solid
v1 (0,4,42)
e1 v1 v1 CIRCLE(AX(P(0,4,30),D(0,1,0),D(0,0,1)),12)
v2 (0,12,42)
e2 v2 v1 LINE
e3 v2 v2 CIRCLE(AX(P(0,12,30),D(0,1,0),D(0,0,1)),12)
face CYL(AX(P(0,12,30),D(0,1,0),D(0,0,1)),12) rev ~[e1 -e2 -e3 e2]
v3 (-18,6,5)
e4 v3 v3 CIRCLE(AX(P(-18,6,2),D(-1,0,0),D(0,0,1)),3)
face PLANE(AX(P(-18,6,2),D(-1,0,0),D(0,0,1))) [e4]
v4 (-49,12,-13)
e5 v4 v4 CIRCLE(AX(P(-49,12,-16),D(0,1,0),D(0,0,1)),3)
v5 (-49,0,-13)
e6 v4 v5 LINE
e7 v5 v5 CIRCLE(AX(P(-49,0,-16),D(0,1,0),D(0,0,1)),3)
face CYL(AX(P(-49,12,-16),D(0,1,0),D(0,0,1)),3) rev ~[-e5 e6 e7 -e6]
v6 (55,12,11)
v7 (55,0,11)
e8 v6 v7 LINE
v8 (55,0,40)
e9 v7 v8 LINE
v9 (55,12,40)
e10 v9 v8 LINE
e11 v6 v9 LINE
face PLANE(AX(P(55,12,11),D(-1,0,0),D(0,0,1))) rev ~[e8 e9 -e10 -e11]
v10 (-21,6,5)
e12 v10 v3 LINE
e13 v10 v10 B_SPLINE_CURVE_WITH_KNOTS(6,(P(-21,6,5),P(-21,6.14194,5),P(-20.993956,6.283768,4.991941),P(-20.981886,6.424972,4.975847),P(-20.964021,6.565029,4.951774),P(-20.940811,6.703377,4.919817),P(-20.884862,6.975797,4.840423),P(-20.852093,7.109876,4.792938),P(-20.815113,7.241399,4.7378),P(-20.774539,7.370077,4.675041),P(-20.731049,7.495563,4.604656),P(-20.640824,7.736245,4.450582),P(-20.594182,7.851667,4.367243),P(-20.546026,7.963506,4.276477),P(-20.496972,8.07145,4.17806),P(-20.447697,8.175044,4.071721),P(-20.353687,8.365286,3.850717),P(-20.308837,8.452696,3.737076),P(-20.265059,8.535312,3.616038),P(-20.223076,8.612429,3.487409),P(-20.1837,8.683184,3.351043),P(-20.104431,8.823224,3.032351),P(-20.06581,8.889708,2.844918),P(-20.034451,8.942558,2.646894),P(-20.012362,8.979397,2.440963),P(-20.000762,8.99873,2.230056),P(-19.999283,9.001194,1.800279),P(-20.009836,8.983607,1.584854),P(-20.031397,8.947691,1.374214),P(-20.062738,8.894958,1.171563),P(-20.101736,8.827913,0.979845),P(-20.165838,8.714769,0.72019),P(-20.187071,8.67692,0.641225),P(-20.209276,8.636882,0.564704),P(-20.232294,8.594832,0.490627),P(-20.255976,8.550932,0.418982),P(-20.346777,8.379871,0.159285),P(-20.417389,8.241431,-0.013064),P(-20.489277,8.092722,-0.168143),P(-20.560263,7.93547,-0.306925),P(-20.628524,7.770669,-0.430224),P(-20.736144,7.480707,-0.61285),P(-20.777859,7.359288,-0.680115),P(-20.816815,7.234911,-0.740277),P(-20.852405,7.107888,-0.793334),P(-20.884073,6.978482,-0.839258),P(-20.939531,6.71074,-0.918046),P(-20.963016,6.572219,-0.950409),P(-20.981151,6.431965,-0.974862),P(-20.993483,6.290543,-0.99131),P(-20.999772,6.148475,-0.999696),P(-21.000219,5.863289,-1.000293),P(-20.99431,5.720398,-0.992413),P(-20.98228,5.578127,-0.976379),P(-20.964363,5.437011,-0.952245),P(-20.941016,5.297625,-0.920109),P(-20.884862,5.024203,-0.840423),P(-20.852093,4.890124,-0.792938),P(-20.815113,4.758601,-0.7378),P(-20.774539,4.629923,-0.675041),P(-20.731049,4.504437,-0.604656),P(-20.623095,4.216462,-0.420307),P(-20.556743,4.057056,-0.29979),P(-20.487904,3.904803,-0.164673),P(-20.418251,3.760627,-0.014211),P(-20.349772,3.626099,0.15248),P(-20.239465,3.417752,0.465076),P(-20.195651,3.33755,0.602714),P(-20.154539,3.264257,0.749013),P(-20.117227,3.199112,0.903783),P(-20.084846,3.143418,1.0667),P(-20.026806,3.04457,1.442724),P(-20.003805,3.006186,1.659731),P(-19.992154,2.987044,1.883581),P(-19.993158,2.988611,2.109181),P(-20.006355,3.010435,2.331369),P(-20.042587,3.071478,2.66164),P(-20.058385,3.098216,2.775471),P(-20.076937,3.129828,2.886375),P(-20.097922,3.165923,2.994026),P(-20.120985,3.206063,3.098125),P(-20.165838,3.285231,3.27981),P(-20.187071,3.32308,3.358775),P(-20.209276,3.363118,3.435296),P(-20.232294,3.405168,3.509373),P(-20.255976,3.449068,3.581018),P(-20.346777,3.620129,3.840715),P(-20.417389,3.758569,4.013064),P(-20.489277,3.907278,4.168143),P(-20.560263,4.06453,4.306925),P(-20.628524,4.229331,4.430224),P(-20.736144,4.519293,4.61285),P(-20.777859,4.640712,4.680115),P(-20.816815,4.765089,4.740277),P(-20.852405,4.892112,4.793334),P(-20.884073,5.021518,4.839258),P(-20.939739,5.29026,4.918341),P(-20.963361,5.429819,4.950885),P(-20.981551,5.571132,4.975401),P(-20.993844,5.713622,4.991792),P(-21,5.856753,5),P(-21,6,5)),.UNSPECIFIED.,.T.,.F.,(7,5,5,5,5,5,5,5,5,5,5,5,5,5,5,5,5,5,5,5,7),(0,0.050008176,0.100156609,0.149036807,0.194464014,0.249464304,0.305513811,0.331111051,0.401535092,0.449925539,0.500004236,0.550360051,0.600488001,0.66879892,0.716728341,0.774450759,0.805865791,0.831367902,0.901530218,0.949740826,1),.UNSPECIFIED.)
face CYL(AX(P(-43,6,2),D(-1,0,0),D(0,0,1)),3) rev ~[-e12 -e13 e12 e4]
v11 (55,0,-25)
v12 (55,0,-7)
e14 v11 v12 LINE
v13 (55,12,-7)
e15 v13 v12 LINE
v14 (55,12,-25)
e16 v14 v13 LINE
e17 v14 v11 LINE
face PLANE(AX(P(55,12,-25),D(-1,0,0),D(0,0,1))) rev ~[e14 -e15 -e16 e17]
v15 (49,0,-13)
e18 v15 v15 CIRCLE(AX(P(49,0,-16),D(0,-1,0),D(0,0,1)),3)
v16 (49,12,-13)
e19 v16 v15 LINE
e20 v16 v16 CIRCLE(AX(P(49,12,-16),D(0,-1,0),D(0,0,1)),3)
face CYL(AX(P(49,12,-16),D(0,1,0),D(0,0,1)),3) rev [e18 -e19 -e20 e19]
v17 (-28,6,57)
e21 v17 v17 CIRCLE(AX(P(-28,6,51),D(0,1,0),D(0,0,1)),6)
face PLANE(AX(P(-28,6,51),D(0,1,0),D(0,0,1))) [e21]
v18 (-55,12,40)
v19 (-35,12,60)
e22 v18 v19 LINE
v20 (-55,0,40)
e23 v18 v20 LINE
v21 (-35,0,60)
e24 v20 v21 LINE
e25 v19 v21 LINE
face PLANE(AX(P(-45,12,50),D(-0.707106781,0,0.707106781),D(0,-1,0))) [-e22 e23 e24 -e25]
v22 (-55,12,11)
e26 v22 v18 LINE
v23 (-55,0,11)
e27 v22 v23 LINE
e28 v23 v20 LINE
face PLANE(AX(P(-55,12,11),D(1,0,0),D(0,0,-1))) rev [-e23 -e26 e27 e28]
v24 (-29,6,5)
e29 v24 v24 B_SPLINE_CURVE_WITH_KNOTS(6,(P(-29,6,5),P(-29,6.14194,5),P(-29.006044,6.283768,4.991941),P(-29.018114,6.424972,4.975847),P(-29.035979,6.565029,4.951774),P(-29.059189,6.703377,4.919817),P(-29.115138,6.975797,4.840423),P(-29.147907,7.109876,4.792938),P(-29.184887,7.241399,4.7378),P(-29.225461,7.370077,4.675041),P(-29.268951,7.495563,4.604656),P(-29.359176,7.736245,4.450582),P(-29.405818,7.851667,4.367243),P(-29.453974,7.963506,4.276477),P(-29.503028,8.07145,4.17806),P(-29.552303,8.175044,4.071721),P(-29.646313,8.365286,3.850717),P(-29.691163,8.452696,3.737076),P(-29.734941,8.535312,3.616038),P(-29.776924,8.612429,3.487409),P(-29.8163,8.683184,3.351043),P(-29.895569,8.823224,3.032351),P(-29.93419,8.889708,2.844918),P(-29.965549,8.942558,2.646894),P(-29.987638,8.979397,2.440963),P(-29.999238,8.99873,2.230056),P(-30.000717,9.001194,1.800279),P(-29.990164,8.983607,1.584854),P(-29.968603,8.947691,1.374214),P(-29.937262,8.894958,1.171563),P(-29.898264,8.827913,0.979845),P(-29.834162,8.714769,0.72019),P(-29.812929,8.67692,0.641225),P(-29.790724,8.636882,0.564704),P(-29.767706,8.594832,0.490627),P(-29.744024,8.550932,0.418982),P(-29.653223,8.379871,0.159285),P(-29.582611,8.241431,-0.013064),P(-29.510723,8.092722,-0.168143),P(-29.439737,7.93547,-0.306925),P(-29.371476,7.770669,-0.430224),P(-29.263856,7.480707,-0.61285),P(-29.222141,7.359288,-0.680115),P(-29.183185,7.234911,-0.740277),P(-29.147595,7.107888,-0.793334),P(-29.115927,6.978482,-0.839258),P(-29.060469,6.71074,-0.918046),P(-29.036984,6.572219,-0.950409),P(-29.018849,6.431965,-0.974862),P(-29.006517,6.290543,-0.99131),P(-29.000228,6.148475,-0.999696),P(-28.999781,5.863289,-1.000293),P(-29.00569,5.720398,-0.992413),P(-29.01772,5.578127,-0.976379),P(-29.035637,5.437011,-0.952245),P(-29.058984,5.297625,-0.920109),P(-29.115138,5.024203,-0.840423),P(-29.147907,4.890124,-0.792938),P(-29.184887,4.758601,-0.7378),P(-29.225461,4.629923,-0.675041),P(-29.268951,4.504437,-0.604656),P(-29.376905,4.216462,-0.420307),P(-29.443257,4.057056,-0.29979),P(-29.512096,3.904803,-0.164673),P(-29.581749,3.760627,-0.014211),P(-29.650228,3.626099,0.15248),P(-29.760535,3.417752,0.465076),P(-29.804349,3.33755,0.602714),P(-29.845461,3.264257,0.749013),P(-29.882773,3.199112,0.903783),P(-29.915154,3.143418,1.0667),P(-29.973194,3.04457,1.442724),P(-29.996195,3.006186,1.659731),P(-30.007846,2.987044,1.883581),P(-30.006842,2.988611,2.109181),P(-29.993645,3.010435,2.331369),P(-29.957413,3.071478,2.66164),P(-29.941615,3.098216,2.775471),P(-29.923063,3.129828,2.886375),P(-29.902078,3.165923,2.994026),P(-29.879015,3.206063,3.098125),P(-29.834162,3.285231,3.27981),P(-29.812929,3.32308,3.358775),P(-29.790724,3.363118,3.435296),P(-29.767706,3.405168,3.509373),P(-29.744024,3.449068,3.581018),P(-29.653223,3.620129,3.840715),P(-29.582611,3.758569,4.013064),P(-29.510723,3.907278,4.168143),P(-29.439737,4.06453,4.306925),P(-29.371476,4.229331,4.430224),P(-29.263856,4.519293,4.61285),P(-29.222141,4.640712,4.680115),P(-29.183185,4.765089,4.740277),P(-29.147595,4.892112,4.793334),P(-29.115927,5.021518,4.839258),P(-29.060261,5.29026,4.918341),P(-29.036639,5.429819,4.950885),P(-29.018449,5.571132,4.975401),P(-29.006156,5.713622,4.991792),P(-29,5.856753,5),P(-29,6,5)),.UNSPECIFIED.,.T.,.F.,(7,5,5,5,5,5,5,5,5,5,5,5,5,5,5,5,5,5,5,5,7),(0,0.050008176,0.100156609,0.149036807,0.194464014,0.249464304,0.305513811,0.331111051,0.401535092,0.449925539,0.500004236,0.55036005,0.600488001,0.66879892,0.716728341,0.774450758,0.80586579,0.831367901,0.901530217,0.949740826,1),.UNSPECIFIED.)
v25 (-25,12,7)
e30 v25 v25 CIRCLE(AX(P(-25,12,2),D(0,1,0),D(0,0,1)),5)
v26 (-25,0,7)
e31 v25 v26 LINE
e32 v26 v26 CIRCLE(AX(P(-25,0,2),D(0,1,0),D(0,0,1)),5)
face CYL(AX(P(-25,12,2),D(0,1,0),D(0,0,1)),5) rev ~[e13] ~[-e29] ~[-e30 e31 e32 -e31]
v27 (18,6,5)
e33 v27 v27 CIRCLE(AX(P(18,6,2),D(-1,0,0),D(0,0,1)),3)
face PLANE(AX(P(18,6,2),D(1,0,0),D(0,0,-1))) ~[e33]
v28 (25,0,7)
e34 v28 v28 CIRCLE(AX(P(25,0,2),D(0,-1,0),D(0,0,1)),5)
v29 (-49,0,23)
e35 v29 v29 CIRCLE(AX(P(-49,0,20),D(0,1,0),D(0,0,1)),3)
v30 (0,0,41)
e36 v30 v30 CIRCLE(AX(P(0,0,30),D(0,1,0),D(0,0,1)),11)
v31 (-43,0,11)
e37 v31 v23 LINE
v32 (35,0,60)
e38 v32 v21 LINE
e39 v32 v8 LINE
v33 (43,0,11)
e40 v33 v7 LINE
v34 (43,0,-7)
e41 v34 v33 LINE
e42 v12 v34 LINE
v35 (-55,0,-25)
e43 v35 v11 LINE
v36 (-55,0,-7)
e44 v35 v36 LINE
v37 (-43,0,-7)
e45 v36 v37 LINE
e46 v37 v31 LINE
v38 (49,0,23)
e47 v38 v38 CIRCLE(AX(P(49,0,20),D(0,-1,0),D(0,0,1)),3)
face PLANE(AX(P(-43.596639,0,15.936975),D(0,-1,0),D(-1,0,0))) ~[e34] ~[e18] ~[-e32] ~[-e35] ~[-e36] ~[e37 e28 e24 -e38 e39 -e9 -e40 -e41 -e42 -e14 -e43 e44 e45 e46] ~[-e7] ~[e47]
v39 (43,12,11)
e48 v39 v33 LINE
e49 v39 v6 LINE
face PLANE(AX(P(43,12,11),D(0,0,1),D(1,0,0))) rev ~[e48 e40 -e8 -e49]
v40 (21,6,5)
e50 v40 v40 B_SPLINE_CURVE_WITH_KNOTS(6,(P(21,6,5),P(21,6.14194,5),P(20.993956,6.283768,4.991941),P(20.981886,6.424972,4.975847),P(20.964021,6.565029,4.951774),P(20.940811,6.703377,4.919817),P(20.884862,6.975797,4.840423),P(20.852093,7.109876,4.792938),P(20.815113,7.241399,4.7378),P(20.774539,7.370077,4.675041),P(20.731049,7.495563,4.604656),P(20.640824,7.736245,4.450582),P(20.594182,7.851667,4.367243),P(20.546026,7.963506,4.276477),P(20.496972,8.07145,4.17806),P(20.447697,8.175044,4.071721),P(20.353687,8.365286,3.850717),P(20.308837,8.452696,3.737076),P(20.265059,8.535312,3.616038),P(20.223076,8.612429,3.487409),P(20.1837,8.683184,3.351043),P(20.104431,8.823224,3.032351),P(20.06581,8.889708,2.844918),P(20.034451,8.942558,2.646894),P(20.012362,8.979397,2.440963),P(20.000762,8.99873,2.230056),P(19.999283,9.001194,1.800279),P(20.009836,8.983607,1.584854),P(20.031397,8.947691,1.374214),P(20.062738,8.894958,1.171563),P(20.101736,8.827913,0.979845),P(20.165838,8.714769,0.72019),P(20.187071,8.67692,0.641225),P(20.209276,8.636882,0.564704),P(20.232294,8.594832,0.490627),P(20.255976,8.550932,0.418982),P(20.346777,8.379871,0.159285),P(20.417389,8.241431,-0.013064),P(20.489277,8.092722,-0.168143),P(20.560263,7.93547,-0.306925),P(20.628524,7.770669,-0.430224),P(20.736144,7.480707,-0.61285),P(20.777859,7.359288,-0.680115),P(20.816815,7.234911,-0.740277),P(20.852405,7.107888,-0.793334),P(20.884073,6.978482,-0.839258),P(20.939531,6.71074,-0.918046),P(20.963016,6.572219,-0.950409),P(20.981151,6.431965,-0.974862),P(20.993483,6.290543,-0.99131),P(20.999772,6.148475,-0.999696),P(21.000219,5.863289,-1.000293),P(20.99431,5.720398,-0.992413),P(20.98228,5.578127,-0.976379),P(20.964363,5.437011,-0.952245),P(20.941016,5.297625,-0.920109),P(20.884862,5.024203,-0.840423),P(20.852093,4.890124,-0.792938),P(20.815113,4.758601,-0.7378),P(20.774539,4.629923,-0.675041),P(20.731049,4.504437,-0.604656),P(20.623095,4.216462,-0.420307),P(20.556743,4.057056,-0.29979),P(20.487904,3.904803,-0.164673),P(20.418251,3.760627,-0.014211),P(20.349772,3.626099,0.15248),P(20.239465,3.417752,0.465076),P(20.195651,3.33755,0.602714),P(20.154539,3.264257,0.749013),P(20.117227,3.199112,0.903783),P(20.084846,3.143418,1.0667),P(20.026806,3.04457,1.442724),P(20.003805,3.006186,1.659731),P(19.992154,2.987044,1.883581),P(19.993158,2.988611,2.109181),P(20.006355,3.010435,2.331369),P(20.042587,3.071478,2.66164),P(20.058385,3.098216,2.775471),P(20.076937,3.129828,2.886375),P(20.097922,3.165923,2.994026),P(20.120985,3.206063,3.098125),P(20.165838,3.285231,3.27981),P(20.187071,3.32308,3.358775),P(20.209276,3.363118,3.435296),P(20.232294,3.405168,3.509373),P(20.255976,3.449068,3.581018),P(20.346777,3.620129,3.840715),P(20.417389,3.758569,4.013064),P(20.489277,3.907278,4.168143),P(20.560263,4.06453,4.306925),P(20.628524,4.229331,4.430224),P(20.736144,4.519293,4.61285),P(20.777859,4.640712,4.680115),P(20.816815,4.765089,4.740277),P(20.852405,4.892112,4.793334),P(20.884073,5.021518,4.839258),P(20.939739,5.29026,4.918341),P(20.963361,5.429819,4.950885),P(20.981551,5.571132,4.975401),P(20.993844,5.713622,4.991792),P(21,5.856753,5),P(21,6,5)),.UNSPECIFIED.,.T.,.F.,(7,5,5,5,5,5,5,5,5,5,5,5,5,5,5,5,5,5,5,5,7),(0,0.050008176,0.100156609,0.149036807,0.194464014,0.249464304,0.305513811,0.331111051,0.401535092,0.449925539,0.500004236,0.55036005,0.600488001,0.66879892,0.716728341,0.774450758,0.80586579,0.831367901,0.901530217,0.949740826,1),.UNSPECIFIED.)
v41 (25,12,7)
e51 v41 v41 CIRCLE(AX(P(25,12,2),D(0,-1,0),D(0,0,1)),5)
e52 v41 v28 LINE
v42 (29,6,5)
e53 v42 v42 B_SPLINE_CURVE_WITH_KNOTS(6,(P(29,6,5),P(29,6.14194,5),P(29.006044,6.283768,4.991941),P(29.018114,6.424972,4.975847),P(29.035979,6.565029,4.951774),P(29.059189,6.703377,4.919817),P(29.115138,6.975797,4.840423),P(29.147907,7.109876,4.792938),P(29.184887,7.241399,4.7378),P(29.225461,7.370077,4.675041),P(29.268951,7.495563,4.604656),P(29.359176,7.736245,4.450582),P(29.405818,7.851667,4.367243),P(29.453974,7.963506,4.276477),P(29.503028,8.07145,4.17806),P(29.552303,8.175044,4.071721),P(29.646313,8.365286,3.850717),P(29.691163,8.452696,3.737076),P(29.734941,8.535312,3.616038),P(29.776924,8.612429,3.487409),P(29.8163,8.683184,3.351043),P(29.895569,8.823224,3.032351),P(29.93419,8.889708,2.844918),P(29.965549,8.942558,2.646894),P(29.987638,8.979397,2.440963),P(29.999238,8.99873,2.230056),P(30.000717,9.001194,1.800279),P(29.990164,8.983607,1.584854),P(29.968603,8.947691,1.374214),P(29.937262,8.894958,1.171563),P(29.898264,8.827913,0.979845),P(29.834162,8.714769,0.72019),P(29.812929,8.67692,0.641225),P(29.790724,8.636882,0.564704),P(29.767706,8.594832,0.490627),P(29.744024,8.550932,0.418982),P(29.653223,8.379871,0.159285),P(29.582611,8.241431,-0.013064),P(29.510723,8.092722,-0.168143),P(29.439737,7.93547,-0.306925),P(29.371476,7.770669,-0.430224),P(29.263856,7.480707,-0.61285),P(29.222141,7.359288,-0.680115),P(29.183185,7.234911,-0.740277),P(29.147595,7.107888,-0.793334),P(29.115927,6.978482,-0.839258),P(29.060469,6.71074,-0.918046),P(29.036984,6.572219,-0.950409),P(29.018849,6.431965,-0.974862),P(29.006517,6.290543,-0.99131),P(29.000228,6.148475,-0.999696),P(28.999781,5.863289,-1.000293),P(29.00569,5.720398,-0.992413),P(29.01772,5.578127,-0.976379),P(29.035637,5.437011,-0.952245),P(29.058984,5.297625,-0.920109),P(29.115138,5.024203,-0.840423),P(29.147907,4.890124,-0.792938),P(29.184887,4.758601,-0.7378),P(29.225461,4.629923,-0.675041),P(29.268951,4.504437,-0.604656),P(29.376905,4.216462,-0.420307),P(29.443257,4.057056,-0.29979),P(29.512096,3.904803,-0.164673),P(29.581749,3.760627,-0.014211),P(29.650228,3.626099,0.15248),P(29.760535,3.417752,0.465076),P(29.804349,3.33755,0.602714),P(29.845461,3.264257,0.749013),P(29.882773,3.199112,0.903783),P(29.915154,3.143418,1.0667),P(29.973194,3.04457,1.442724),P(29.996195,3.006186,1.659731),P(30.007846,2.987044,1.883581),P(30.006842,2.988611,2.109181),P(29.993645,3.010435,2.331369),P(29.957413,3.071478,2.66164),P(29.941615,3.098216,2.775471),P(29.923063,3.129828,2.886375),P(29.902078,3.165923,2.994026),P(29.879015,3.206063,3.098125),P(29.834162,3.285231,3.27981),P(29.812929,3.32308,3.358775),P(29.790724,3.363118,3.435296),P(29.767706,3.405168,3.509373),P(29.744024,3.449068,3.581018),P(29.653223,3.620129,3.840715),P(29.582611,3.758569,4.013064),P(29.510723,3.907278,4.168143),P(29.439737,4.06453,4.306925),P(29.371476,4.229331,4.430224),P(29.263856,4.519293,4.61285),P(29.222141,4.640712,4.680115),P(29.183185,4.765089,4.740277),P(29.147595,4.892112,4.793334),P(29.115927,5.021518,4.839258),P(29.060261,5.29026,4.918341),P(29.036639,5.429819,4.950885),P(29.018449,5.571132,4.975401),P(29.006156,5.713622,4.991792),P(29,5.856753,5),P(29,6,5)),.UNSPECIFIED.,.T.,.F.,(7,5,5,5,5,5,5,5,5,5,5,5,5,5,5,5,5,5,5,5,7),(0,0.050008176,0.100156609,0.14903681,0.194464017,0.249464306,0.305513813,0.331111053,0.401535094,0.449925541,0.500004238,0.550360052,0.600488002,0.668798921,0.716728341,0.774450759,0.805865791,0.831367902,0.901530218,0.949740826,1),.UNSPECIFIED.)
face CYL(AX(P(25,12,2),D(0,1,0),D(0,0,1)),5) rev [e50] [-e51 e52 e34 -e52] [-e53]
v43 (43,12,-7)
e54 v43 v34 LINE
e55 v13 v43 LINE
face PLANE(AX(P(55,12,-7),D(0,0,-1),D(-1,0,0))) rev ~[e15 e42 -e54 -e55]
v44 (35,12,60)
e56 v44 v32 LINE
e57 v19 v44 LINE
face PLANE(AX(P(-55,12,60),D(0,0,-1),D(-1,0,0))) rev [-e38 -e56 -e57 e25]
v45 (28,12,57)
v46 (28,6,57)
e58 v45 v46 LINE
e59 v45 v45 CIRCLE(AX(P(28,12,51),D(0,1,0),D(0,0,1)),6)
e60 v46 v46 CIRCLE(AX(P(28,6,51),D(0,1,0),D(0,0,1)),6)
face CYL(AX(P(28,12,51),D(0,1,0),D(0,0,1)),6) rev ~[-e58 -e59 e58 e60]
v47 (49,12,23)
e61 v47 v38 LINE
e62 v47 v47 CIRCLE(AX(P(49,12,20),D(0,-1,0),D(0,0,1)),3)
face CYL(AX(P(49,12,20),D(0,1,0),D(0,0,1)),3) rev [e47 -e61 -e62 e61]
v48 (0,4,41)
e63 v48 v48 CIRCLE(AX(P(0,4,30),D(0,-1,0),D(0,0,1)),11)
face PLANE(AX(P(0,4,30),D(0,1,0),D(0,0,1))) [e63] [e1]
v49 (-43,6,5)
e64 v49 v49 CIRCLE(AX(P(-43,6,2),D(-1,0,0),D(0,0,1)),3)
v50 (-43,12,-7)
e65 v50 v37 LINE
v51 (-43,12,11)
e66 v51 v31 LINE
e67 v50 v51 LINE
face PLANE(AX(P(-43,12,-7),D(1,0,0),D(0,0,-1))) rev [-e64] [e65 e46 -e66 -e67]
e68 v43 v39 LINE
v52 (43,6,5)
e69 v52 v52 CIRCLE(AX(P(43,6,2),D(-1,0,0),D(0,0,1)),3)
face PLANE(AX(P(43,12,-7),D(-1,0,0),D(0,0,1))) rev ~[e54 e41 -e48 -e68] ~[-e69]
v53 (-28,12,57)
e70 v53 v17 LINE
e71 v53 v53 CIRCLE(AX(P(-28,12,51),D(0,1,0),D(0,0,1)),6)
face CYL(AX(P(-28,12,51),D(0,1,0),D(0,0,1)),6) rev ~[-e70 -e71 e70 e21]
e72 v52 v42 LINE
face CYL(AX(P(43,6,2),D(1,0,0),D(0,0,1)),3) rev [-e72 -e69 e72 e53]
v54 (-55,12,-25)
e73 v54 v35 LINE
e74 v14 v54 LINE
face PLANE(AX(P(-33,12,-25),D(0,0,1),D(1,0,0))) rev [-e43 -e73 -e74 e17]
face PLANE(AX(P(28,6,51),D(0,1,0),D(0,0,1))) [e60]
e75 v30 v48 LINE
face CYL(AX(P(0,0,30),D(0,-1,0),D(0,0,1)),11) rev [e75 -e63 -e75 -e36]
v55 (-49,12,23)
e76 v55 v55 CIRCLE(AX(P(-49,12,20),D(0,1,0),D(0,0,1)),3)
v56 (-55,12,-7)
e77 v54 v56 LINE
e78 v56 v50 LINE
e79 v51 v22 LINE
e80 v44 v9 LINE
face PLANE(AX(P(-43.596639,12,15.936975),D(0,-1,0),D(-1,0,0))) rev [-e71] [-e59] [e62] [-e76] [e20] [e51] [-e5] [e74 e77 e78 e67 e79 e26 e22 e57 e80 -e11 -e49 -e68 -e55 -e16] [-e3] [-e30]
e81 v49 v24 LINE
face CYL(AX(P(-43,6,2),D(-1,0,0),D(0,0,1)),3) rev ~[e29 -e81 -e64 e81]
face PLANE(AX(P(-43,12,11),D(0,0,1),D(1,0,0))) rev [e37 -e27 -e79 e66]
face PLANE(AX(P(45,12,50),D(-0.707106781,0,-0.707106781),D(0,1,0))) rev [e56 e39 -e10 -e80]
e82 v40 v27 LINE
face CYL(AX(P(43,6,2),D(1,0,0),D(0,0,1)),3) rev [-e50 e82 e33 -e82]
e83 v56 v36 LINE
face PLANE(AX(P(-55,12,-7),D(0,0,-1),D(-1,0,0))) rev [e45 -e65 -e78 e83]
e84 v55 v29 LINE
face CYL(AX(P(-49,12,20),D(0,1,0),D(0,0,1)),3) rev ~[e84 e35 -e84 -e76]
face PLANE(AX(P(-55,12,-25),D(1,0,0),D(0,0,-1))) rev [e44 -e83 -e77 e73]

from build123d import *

# Parameters (mm, degrees)
SKETCH1_W           = 66
SKETCH1_H           = 85
SKETCH1_R           = 11
BOSS_EXTRUDE1_DEPTH = 12
BOSS_EXTRUDE3_DEPTH = 12
SKETCH4_R           = 12
CUT_EXTRUDE1_DEPTH  = 8
SKETCH6_R           = 6
CUT_EXTRUDE2_DEPTH  = 6
CHAMFER1_SIZE       = 20
CUT_EXTRUDE3_REACH  = 84.274
SKETCH7_R           = 3
SKETCH7_R_2         = 5
SKETCH9_R           = 3
CUT_EXTRUDE5_DEPTH  = 25


with BuildPart() as part:
    # Sketch1 → Boss-Extrude1 (new body)
    with BuildSketch(Plane(origin=(0, 0, 0), x_dir=(1, 0, 0), z_dir=(0, 1, 0))):
        with Locations((0, -17.5)):
            Rectangle(SKETCH1_W, SKETCH1_H)
        with Locations(Location((0, -30, 0), (0, 0, 270))):
            Circle(SKETCH1_R, mode=Mode.SUBTRACT)
    extrude(amount=BOSS_EXTRUDE1_DEPTH)

    # Sketch3 → Boss-Extrude3 (add)
    with BuildSketch(Plane(origin=(0, 12, 0), x_dir=(1, 0, 0), z_dir=(0, 1, 0))):
        Polygon((55, 7), (43, 7), (43, -11), (55, -11), (55, -60), (33, -60), (33, 25), (55, 25), align=None)
    boss_extrude3 = extrude(amount=-BOSS_EXTRUDE3_DEPTH)

    # Mirror1: Boss-Extrude3 across plane
    add(boss_extrude3.mirror(Plane(origin=(0, 0, 0), x_dir=(0, 0, 1), z_dir=(1, 0, 0))))

    # Sketch4 → Cut-Extrude1 (cut)
    with BuildSketch(Plane(origin=(0, 12, 0), x_dir=(1, 0, 0), z_dir=(0, 1, 0))):
        with Locations(Location((0, -30, 0), (0, 0, 270))):
            Circle(SKETCH4_R)
    extrude(amount=-CUT_EXTRUDE1_DEPTH, mode=Mode.SUBTRACT)

    # Sketch6 → Cut-Extrude2 (cut)
    with BuildSketch(Plane(origin=(0, 12, 0), x_dir=(1, 0, 0), z_dir=(0, 1, 0))):
        with Locations(Location((-28, -51, 0), (0, 0, 270))):
            Circle(SKETCH6_R)
        with Locations(Location((28, -51, 0), (0, 0, 270))):
            Circle(SKETCH6_R)
    extrude(amount=-CUT_EXTRUDE2_DEPTH, mode=Mode.SUBTRACT)

    # Chamfer1
    chamfer1_edges = [part.edges().sort_by_distance(p)[0] for p in [
        (55, 6, 60),
        (-55, 6, 60),
    ]]
    chamfer(chamfer1_edges, length=CHAMFER1_SIZE)

    # Sketch7 → Cut-Extrude3 (cut, up to next)
    with BuildSketch(Plane(origin=(0, 12, 0), x_dir=(1, 0, 0), z_dir=(0, 1, 0)), mode=Mode.PRIVATE) as cut_extrude3_sk1:
        with Locations(Location((-49, 16, 0), (0, 0, 270))):
            Circle(SKETCH7_R)
    cut_extrude3_tool1 = extrude(cut_extrude3_sk1.sketch, amount=-CUT_EXTRUDE3_REACH, mode=Mode.PRIVATE) & part.part
    # Sketch7 → Cut-Extrude3 (cut, up to next)
    with BuildSketch(Plane(origin=(0, 12, 0), x_dir=(1, 0, 0), z_dir=(0, 1, 0)), mode=Mode.PRIVATE) as cut_extrude3_sk2:
        with Locations(Location((-49, -20, 0), (0, 0, 270))):
            Circle(SKETCH7_R)
    cut_extrude3_tool2 = extrude(cut_extrude3_sk2.sketch, amount=-CUT_EXTRUDE3_REACH, mode=Mode.PRIVATE) & part.part
    # Sketch7 → Cut-Extrude3 (cut, up to next)
    with BuildSketch(Plane(origin=(0, 12, 0), x_dir=(1, 0, 0), z_dir=(0, 1, 0)), mode=Mode.PRIVATE) as cut_extrude3_sk3:
        with Locations(Location((-25, -2, 0), (0, 0, 270))):
            Circle(SKETCH7_R_2)
    cut_extrude3_tool3 = extrude(cut_extrude3_sk3.sketch, amount=-CUT_EXTRUDE3_REACH, mode=Mode.PRIVATE) & part.part
    cut_extrude3_1 = cut_extrude3_tool1.solids().sort_by_distance((-49, 12, -16))[0]
    add(cut_extrude3_1, mode=Mode.SUBTRACT)
    cut_extrude3_2 = cut_extrude3_tool2.solids().sort_by_distance((-49, 12, 20))[0]
    add(cut_extrude3_2, mode=Mode.SUBTRACT)
    cut_extrude3_3 = cut_extrude3_tool3.solids().sort_by_distance((-25, 12, 2))[0]
    add(cut_extrude3_3, mode=Mode.SUBTRACT)
    cut_extrude3 = cut_extrude3_1 + cut_extrude3_2 + cut_extrude3_3  # Cut-Extrude3 as one shape, for the pattern or mirror that repeats it

    # Sketch9 → Cut-Extrude5 (cut)
    with BuildSketch(Plane.ZY.offset(43)):
        with Locations((2, 6)):
            Circle(SKETCH9_R)
    cut_extrude5 = extrude(amount=-CUT_EXTRUDE5_DEPTH, mode=Mode.SUBTRACT)

    # Mirror2: Cut-Extrude3, Cut-Extrude5 across plane
    add(cut_extrude3.mirror(Plane(origin=(0, 0, 0), x_dir=(0, 0, 1), z_dir=(1, 0, 0))), mode=Mode.SUBTRACT)
    add(cut_extrude5.mirror(Plane(origin=(0, 0, 0), x_dir=(0, 0, 1), z_dir=(1, 0, 0))), mode=Mode.SUBTRACT)


solid = part.part
